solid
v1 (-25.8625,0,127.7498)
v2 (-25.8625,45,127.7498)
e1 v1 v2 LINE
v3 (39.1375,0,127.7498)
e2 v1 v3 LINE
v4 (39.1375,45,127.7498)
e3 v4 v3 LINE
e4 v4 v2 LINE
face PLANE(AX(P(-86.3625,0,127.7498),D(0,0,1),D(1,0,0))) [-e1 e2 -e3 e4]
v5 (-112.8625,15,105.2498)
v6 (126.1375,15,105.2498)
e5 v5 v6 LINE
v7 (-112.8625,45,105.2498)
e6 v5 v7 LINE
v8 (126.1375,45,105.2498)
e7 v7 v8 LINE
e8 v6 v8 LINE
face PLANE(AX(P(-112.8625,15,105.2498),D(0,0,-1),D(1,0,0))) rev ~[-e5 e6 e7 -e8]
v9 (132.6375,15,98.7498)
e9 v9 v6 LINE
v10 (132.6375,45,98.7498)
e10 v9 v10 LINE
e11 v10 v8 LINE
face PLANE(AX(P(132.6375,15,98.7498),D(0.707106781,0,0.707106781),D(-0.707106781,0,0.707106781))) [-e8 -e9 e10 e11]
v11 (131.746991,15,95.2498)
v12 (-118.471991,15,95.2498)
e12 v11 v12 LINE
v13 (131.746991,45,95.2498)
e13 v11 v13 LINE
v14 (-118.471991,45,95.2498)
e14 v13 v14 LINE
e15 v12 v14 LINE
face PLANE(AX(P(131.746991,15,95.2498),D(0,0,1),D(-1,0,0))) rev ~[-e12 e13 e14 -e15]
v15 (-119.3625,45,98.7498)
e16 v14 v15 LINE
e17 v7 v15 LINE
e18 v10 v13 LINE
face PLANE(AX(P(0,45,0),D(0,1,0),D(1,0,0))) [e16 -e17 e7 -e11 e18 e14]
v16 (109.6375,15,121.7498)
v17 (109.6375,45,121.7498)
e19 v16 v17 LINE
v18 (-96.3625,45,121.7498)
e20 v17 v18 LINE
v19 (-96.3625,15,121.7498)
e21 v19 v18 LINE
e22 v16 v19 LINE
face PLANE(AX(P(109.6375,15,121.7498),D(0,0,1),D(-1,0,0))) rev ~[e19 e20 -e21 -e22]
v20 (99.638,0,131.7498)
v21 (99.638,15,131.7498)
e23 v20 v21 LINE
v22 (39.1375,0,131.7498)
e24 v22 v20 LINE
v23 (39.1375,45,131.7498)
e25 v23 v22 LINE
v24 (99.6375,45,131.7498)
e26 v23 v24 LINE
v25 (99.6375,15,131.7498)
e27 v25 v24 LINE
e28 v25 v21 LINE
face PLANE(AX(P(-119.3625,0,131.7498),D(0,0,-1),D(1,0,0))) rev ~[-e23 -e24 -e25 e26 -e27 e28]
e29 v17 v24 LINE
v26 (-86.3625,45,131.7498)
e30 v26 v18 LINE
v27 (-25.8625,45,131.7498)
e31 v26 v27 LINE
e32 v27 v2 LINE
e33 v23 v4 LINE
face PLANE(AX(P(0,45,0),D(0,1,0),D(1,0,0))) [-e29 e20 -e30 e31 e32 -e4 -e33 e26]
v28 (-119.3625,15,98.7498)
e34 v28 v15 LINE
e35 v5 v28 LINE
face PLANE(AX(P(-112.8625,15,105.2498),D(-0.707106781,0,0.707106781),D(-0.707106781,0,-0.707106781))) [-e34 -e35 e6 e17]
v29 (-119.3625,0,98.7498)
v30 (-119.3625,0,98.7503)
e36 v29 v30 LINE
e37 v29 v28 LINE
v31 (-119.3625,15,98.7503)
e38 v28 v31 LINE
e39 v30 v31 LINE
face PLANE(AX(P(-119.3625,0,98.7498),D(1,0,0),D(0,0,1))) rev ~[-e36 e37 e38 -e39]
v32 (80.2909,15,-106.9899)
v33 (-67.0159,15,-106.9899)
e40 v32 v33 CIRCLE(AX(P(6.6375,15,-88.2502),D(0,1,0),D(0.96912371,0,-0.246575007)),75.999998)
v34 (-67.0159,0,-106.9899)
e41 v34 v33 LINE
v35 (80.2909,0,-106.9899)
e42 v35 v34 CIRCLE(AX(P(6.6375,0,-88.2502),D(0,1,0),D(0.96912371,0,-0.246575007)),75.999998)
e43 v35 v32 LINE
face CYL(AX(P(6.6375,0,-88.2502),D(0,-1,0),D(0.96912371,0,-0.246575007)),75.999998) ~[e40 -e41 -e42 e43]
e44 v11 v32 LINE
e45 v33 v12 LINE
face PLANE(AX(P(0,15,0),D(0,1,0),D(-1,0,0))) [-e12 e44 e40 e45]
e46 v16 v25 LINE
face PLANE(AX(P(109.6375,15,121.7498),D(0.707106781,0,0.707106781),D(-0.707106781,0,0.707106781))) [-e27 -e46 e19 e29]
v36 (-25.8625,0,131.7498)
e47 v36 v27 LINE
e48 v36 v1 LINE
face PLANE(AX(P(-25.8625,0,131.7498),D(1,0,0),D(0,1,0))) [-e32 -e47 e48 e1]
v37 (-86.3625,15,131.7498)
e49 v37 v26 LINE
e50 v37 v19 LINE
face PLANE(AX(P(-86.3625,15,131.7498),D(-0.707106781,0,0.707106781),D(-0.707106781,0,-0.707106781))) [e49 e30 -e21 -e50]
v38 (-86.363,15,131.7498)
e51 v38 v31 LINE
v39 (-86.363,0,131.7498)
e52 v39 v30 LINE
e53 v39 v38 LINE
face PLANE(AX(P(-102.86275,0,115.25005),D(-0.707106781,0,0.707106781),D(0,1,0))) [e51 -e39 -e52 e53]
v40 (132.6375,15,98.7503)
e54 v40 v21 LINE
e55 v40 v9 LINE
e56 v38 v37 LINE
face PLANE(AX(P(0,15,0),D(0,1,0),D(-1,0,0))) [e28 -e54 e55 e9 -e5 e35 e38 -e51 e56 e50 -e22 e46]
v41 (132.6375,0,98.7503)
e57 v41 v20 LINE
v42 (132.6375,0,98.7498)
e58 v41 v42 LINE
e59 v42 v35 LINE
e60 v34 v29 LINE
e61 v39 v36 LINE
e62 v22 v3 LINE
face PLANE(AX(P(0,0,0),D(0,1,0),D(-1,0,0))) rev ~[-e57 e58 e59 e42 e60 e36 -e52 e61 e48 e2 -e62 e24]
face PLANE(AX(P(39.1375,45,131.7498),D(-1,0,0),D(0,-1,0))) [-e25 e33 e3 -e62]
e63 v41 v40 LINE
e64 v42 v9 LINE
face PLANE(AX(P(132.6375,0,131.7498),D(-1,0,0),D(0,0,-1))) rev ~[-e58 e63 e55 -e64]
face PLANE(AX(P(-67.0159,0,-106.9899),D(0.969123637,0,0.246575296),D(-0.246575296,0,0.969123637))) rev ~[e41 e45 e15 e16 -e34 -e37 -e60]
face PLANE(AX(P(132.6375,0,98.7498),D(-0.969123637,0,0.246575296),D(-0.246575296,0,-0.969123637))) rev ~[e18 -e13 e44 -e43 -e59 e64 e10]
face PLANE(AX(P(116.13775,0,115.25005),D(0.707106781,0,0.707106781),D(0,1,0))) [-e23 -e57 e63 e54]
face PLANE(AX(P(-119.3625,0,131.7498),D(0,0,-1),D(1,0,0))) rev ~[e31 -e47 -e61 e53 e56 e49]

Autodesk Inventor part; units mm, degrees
ref_plane "YZ Plane" through (0, 0, 0) normal (1, 0, 0) x (0, 1, 0)
ref_plane "XZ Plane" through (0, 0, 0) normal (0, 1, 0) x (-1, 0, 0)
ref_plane "XY Plane" through (0, 0, 0) normal (0, 0, 1) x (1, 0, 0)
sketch "Sketch1" plane through (0, 0, 0) normal (0, 1, 0) x (-1, 0, 0)
  circle A0 centre (-6.6375, -88.2502) radius 58
  line L0 (-14.6375, 98.7498) -> (-14.6375, -12.6724)
  arc A1 (-14.6375, -12.6724) -> (-73.5777, -52.264) centre (-6.6375, -88.2502) ccw
  line L1 (-73.5777, -52.264) -> (-112.0003, 98.7498)
  line L2 (-112.0003, 98.7498) -> (-14.6375, 98.7498)
  line L3 (98.7253, 98.7498) -> (60.3027, -52.264)
  arc A2 (60.3027, -52.264) -> (1.3625, -12.6724) centre (-6.6375, -88.2502) ccw
  line L4 (1.3625, -12.6724) -> (1.3625, 98.7498)
  line L5 (1.3625, 98.7498) -> (98.7253, 98.7498)
  line L6 (67.0159, -106.9899) -> (119.3625, 98.7498)
  line L7 (119.3625, 98.7498) -> (119.3625, 131.7498)
  line L8 (119.3625, 131.7498) -> (-132.6375, 131.7498)
  line L9 (-132.6375, 131.7498) -> (-132.6375, 98.7498)
  line L10 (-132.6375, 98.7498) -> (-80.2909, -106.9899)
  arc A3 (-80.2909, -106.9899) -> (67.0159, -106.9899) centre (-6.6375, -88.2502) ccw
extrude "Extrusion1" add sketch "Sketch1" along normal blind 15 contours A0 | L0 A1 L1 L2 | L3 A2 L4 L5 | A3 L10 L9 L8 L7 L6
chamfer "Chamfer1" distance 33 angle 45 2 edges at (-119.3625, 7.5, 131.7498) (132.6375, 7.5, 131.7498)
sketch "Sketch4" plane through (0, 15, 0) normal (0, 1, 0) x (1, 0, 0)
  line L0 (132.6375, -98.7498) -> (99.6375, -131.7498) projected
  line L1 (132.6375, -98.7498) -> (80.2909, 106.9899) projected
  arc A0 (80.2909, 106.9899) -> (-67.0159, 106.9899) centre (6.6375, 88.2502) ccw projected
  line L2 (-67.0159, 106.9899) -> (-119.3625, -98.7498) projected
  line L3 (-86.3625, -131.7498) -> (-119.3625, -98.7498) projected
  line L4 (-86.3625, -131.7498) -> (99.6375, -131.7498) projected
  line L5 (-97.308, -131.7498) -> (123, -131.7498)
  line L6 (123, -131.7498) -> (123, -121.7498)
  line L7 (123, -121.7498) -> (-97.308, -121.7498)
  line L8 (-97.308, -121.7498) -> (-97.308, -131.7498)
  line L9 (-122.7338, -105.2498) -> (137.8877, -105.2498)
  line L10 (137.8877, -105.2498) -> (137.8877, -95.2498)
  line L11 (137.8877, -95.2498) -> (-122.7338, -95.2498)
  line L12 (-122.7338, -95.2498) -> (-122.7338, -105.2498)
  point P0 (0, 0)
  point P1 (109.6375, -121.7498)
  point P2 (-96.3625, -121.7498)
  point P3 (131.747, -95.2498)
  point P4 (-118.472, -95.2498)
  point P5 (-118.8536, -96.7498)
  point P6 (132.1287, -96.7498)
  point P7 (-112.8625, -105.2498)
  point P8 (126.1375, -105.2498)
  dimension "d5" = 10
  dimension "d6" = 10
  dimension "d7" = 16.5
extrude "Extrusion2" add sketch "Sketch4" along normal blind 30 contours L0 L9 L3 L2 L11 L1 | L0 L4 L3 L7
sketch "Sketch5" plane through (-86.3625, 0, 131.7498) normal (0, 0, 1) x (1, 0, 0)
  line L0 (196, 45) -> (-10, 45) projected
  line L1 (0, 0) -> (186, 0) projected
  line L2 (60.5, 45) -> (125.5, 45)
  line L3 (125.5, 45) -> (125.5, 0)
  line L4 (125.5, 0) -> (60.5, 0)
  line L5 (60.5, 0) -> (60.5, 45)
  line L6 (186, 45) -> (186, 0) projected
  line L7 (0, 0) -> (0, 45) projected
  point P0 (86.3625, 0)
  point P1 (186, 22.5)
  point P2 (0, 22.5)
  dimension "d10" = 65
  dimension "d11" = 60.5
  dimension "d12" = 60.5
extrude "Extrusion3" cut sketch "Sketch5" against normal blind 4 contours L3 L1 L5 L0
properties part number "KrovatkaShatunFlanec" material "Aluminum 6061-AHC"
